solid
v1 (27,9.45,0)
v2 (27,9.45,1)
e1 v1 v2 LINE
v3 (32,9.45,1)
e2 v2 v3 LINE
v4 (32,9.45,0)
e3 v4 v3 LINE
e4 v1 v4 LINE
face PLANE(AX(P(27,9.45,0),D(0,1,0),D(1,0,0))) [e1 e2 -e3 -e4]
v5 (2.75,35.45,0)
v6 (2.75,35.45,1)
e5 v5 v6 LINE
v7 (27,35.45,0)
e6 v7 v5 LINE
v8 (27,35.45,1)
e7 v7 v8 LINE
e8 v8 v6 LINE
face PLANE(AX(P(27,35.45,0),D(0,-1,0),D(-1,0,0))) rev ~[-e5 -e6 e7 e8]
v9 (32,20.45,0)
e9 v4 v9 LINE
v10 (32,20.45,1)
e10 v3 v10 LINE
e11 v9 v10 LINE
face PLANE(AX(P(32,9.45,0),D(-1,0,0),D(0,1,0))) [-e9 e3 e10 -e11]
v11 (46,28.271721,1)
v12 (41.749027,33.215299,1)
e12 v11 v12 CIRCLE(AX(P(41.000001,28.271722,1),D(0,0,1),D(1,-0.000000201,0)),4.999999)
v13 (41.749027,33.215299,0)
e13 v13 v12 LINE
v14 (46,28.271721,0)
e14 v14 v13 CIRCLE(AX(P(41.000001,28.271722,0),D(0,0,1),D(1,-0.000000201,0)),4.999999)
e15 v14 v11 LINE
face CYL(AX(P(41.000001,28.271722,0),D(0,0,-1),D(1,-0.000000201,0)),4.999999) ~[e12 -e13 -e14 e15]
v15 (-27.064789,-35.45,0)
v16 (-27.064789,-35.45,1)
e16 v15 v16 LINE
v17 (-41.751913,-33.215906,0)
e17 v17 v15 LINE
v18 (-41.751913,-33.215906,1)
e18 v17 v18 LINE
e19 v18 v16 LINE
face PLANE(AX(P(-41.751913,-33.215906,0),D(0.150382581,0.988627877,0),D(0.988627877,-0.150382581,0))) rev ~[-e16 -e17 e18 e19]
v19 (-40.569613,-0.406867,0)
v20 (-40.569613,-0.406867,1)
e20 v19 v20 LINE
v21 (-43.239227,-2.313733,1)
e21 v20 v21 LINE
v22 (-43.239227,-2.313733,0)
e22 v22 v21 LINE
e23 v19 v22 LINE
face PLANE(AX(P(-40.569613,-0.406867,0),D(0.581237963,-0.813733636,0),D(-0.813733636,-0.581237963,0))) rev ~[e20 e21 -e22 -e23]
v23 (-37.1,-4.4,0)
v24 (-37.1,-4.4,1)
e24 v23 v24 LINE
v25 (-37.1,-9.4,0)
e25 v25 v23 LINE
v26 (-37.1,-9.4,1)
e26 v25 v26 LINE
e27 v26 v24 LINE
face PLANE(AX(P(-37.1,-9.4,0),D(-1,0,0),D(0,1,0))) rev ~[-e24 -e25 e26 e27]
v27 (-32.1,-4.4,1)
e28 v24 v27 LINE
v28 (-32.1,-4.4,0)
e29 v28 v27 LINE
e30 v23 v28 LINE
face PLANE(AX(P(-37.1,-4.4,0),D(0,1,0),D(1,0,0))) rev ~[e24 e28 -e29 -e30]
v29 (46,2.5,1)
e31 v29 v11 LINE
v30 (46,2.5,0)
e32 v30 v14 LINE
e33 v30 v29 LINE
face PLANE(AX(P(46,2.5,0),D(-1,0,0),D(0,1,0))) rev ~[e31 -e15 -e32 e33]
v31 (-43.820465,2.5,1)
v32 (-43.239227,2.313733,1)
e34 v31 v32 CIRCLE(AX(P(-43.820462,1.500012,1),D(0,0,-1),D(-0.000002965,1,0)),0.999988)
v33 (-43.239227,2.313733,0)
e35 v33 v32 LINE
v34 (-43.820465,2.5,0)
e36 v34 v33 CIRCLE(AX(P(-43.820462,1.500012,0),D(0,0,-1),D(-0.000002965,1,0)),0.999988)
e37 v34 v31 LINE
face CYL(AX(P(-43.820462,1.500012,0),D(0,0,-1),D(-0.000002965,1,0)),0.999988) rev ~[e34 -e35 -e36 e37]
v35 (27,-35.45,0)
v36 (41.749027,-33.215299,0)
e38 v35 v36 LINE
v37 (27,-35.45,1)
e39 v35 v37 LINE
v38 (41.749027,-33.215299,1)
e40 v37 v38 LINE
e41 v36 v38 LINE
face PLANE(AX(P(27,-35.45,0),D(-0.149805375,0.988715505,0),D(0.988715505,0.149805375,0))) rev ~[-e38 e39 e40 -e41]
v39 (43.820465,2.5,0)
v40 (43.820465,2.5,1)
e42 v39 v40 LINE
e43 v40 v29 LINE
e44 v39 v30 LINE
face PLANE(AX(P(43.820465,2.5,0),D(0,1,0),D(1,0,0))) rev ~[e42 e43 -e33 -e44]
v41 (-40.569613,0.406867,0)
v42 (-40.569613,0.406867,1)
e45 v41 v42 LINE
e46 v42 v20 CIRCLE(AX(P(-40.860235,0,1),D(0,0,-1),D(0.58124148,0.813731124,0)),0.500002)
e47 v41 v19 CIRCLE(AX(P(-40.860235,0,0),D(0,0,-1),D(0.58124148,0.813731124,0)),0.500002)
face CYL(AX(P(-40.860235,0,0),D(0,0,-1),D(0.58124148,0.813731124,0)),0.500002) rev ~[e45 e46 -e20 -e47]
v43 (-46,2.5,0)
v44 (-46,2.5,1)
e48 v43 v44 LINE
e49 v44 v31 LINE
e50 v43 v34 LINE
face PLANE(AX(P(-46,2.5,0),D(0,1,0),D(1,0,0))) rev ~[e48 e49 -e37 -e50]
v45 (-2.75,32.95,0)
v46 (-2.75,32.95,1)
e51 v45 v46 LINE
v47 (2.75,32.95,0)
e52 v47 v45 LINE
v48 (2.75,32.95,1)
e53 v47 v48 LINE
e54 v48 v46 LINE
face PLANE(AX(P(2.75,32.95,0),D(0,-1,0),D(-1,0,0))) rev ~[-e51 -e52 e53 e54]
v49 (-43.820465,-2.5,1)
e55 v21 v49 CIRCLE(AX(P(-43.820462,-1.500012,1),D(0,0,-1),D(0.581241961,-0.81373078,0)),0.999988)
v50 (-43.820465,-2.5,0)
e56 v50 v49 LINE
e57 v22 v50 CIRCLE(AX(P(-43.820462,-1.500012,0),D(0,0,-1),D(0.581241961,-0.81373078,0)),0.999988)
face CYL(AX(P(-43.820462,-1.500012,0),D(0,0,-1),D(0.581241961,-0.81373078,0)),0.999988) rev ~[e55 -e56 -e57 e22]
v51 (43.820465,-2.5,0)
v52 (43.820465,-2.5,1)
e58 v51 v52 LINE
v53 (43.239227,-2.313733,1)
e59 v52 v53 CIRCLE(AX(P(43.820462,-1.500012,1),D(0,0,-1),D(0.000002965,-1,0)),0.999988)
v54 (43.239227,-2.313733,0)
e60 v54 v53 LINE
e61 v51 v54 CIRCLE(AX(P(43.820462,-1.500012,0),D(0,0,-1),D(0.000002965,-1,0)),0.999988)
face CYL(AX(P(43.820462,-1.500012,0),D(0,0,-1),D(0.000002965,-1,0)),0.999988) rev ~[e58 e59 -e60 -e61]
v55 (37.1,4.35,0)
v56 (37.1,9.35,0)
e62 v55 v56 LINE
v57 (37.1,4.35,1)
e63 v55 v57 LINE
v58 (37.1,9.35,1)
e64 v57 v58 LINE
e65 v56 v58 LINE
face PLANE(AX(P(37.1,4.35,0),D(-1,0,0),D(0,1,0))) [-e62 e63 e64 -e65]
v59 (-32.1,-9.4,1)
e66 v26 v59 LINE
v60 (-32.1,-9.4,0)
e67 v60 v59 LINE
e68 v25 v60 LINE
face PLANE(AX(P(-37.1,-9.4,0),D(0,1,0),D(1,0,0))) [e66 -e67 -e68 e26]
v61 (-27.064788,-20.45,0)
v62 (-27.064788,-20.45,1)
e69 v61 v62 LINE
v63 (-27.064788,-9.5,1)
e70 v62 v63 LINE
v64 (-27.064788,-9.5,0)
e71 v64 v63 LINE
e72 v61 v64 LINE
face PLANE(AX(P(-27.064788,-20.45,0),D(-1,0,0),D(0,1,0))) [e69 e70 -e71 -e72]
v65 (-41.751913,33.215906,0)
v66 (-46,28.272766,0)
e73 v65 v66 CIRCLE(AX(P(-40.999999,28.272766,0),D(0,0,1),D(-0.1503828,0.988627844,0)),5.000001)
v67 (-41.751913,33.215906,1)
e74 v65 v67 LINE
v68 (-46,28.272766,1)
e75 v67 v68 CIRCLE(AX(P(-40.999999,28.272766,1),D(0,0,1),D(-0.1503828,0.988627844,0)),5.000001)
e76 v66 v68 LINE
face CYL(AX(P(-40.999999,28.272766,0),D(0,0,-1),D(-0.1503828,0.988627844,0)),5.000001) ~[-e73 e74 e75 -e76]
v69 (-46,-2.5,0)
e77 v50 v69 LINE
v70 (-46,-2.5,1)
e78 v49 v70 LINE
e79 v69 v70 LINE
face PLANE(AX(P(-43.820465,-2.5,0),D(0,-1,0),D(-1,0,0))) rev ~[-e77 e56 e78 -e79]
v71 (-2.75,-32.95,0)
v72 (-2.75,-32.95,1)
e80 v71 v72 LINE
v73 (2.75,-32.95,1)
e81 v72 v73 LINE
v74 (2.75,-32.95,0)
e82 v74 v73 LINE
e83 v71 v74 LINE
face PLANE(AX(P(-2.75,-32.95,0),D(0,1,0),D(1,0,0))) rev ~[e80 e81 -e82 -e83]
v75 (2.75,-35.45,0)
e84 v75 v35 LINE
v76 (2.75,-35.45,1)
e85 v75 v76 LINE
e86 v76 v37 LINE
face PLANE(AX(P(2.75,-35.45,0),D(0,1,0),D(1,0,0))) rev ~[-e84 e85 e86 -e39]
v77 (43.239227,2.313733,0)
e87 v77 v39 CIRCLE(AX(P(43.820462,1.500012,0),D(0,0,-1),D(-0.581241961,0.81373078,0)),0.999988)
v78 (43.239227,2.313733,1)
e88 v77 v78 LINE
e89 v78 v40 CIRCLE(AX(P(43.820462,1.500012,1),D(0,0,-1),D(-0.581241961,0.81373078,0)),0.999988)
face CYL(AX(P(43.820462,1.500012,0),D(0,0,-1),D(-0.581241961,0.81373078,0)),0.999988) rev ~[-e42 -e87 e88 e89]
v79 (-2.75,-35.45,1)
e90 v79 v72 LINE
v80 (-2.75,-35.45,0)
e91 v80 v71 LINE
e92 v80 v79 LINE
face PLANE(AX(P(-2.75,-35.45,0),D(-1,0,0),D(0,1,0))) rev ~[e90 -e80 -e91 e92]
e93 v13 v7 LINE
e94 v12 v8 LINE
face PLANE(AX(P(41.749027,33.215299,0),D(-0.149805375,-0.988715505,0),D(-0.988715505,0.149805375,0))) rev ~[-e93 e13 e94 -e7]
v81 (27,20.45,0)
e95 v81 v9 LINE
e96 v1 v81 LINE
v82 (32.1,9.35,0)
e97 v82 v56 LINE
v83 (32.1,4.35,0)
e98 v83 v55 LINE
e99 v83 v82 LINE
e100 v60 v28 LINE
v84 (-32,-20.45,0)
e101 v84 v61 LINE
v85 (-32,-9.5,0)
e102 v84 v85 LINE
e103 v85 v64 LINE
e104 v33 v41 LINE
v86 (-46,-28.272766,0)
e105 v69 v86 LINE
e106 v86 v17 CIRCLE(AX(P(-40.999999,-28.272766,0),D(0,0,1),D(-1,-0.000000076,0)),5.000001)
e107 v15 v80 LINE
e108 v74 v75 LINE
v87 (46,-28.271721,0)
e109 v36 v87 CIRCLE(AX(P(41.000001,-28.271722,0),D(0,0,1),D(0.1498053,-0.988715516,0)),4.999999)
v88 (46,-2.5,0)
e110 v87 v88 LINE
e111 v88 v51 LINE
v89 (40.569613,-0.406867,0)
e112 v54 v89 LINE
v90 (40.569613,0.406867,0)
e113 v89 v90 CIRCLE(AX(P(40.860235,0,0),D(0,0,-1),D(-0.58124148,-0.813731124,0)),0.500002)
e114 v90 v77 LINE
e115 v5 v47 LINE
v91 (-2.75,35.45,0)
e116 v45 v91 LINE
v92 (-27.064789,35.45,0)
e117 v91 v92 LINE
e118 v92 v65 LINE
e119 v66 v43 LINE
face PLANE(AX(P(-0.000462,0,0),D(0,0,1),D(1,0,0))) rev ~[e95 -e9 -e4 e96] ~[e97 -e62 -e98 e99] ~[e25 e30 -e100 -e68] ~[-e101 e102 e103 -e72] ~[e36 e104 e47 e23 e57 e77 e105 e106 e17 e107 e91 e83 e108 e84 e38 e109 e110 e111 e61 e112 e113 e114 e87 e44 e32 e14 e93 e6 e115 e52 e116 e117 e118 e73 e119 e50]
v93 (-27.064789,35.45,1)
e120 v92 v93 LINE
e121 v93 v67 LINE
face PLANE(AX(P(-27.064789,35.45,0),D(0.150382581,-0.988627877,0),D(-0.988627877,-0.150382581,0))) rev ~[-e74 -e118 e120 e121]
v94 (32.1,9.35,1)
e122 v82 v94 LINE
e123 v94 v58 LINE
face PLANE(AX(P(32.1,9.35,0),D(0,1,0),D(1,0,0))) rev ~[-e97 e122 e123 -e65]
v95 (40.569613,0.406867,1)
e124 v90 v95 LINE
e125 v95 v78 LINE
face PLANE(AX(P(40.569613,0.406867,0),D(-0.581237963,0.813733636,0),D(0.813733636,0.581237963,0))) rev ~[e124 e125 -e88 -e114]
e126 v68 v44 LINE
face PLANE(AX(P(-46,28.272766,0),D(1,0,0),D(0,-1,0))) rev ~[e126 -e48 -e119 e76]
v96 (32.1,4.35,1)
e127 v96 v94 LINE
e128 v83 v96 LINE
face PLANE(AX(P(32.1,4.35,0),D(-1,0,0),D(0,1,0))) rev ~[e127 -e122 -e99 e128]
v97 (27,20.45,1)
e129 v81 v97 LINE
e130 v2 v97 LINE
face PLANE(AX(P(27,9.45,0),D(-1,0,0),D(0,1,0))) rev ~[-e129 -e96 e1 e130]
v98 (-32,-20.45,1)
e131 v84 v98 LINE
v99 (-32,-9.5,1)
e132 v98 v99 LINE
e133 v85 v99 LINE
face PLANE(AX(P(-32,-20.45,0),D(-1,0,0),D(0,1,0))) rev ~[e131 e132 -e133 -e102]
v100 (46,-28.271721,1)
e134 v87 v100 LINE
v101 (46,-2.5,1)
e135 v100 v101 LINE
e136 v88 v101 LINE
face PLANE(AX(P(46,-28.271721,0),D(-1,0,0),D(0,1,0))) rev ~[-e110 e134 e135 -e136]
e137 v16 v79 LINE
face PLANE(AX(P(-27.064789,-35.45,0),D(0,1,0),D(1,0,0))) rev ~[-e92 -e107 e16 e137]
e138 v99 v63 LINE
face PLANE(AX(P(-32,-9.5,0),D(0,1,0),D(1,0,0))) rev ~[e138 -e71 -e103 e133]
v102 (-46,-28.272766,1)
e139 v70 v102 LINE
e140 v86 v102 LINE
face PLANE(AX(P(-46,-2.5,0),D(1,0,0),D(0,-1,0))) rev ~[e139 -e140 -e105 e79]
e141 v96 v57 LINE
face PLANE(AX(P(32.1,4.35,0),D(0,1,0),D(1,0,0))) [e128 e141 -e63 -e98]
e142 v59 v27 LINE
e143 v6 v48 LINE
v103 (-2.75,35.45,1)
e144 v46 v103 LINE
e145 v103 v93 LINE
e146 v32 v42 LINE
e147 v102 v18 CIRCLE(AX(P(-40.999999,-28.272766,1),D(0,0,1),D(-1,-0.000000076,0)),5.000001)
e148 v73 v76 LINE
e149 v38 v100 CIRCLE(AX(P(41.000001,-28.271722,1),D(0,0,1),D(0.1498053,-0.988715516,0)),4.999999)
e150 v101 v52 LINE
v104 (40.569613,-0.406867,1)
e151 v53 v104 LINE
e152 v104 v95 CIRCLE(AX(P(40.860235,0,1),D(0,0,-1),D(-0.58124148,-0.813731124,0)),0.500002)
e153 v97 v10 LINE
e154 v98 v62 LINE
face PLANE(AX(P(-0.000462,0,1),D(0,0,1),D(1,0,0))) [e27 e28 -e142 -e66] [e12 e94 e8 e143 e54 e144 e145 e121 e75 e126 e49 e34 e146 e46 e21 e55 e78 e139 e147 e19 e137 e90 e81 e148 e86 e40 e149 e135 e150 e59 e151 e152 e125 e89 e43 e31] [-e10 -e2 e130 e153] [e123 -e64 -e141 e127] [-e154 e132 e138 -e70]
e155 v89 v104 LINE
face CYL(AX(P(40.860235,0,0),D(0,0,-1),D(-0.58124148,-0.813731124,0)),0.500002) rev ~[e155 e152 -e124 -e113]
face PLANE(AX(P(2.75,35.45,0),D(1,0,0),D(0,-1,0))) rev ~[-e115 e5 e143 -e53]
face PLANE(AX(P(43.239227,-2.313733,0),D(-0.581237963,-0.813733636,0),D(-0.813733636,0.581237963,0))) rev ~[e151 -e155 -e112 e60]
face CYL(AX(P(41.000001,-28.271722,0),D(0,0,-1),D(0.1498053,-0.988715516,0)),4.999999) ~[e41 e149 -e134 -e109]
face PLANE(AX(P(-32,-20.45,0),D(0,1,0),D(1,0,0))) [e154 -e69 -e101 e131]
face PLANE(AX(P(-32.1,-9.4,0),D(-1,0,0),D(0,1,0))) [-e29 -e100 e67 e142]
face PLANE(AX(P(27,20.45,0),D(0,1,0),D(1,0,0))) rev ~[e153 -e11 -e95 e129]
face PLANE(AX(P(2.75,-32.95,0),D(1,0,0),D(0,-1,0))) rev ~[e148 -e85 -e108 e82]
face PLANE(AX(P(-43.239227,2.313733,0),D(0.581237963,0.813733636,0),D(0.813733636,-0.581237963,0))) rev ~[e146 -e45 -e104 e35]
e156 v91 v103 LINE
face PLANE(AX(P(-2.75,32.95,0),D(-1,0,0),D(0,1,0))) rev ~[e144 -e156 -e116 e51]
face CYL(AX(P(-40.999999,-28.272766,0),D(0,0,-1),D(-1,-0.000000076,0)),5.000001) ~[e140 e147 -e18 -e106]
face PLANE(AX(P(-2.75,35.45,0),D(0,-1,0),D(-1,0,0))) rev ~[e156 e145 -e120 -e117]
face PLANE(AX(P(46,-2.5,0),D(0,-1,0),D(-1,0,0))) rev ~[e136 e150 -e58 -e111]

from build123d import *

# Parameters (mm, degrees)
F0_W     = 4.935211
F0_H     = 10.95
F0_W_2   = 5
F0_H_2   = 5
F0_H_3   = 11
F1_DEPTH = 1


with BuildPart() as f1:
    # F0 (on Top) → F1 (new body)
    with BuildSketch(Plane.XY):
        with BuildLine():
            ThreePointArc((41.749027, -33.215299), (44.791117, -31.531696), (46, -28.271721))
            Line((46, -28.271721), (46, -2.5))
            Line((46, -2.5), (43.820465, -2.5))
            ThreePointArc((43.820465, -2.5), (43.515288, -2.452296), (43.239227, -2.313733))
            Line((43.239227, -2.313733), (40.569613, -0.406867))
            ThreePointArc((40.569613, -0.406867), (40.360233, 0), (40.569613, 0.406867))
            Line((40.569613, 0.406867), (43.239227, 2.313733))
            ThreePointArc((43.239227, 2.313733), (43.515288, 2.452296), (43.820465, 2.5))
            Line((43.820465, 2.5), (46, 2.5))
            Line((46, 2.5), (46, 28.271721))
            ThreePointArc((46, 28.271721), (44.791117, 31.531696), (41.749027, 33.215299))
            Line((41.749027, 33.215299), (27, 35.45))
            Line((27, 35.45), (2.75, 35.45))
            Line((2.75, 35.45), (2.75, 32.95))
            Line((2.75, 32.95), (0, 32.95))
            Line((0, 32.95), (-2.75, 32.95))
            Line((-2.75, 32.95), (-2.75, 35.45))
            Line((-2.75, 35.45), (-27.064789, 35.45))
            Line((-27.064789, 35.45), (-41.751913, 33.215906))
            ThreePointArc((-41.751913, 33.215906), (-44.792068, 31.531634), (-46, 28.272766))
            Line((-46, 28.272766), (-46, 2.5))
            Line((-46, 2.5), (-43.820465, 2.5))
            ThreePointArc((-43.820465, 2.5), (-43.515288, 2.452296), (-43.239227, 2.313733))
            Line((-43.239227, 2.313733), (-40.569613, 0.406867))
            ThreePointArc((-40.569613, 0.406867), (-40.360233, 0), (-40.569613, -0.406867))
            Line((-40.569613, -0.406867), (-43.239227, -2.313733))
            ThreePointArc((-43.239227, -2.313733), (-43.515288, -2.452296), (-43.820465, -2.5))
            Line((-43.820465, -2.5), (-46, -2.5))
            Line((-46, -2.5), (-46, -28.272766))
            ThreePointArc((-46, -28.272766), (-44.792068, -31.531634), (-41.751913, -33.215906))
            Line((-41.751913, -33.215906), (-27.064789, -35.45))
            Line((-27.064789, -35.45), (-2.75, -35.45))
            Line((-2.75, -35.45), (-2.75, -32.95))
            Line((-2.75, -32.95), (0, -32.95))
            Line((0, -32.95), (2.75, -32.95))
            Line((2.75, -32.95), (2.75, -35.45))
            Line((2.75, -35.45), (27, -35.45))
            Line((27, -35.45), (41.749027, -33.215299))
        make_face()
        with Locations((-29.532394, -14.975)):
            Rectangle(F0_W, F0_H, mode=Mode.SUBTRACT)
        with Locations((-34.6, -6.9)):
            Rectangle(F0_W_2, F0_H_2, mode=Mode.SUBTRACT)
        with Locations((34.6, 6.85)):
            Rectangle(F0_W_2, F0_H_2, mode=Mode.SUBTRACT)
        with Locations((29.5, 14.95)):
            Rectangle(F0_W_2, F0_H_3, mode=Mode.SUBTRACT)
    extrude(amount=F1_DEPTH)


solid = f1.part
